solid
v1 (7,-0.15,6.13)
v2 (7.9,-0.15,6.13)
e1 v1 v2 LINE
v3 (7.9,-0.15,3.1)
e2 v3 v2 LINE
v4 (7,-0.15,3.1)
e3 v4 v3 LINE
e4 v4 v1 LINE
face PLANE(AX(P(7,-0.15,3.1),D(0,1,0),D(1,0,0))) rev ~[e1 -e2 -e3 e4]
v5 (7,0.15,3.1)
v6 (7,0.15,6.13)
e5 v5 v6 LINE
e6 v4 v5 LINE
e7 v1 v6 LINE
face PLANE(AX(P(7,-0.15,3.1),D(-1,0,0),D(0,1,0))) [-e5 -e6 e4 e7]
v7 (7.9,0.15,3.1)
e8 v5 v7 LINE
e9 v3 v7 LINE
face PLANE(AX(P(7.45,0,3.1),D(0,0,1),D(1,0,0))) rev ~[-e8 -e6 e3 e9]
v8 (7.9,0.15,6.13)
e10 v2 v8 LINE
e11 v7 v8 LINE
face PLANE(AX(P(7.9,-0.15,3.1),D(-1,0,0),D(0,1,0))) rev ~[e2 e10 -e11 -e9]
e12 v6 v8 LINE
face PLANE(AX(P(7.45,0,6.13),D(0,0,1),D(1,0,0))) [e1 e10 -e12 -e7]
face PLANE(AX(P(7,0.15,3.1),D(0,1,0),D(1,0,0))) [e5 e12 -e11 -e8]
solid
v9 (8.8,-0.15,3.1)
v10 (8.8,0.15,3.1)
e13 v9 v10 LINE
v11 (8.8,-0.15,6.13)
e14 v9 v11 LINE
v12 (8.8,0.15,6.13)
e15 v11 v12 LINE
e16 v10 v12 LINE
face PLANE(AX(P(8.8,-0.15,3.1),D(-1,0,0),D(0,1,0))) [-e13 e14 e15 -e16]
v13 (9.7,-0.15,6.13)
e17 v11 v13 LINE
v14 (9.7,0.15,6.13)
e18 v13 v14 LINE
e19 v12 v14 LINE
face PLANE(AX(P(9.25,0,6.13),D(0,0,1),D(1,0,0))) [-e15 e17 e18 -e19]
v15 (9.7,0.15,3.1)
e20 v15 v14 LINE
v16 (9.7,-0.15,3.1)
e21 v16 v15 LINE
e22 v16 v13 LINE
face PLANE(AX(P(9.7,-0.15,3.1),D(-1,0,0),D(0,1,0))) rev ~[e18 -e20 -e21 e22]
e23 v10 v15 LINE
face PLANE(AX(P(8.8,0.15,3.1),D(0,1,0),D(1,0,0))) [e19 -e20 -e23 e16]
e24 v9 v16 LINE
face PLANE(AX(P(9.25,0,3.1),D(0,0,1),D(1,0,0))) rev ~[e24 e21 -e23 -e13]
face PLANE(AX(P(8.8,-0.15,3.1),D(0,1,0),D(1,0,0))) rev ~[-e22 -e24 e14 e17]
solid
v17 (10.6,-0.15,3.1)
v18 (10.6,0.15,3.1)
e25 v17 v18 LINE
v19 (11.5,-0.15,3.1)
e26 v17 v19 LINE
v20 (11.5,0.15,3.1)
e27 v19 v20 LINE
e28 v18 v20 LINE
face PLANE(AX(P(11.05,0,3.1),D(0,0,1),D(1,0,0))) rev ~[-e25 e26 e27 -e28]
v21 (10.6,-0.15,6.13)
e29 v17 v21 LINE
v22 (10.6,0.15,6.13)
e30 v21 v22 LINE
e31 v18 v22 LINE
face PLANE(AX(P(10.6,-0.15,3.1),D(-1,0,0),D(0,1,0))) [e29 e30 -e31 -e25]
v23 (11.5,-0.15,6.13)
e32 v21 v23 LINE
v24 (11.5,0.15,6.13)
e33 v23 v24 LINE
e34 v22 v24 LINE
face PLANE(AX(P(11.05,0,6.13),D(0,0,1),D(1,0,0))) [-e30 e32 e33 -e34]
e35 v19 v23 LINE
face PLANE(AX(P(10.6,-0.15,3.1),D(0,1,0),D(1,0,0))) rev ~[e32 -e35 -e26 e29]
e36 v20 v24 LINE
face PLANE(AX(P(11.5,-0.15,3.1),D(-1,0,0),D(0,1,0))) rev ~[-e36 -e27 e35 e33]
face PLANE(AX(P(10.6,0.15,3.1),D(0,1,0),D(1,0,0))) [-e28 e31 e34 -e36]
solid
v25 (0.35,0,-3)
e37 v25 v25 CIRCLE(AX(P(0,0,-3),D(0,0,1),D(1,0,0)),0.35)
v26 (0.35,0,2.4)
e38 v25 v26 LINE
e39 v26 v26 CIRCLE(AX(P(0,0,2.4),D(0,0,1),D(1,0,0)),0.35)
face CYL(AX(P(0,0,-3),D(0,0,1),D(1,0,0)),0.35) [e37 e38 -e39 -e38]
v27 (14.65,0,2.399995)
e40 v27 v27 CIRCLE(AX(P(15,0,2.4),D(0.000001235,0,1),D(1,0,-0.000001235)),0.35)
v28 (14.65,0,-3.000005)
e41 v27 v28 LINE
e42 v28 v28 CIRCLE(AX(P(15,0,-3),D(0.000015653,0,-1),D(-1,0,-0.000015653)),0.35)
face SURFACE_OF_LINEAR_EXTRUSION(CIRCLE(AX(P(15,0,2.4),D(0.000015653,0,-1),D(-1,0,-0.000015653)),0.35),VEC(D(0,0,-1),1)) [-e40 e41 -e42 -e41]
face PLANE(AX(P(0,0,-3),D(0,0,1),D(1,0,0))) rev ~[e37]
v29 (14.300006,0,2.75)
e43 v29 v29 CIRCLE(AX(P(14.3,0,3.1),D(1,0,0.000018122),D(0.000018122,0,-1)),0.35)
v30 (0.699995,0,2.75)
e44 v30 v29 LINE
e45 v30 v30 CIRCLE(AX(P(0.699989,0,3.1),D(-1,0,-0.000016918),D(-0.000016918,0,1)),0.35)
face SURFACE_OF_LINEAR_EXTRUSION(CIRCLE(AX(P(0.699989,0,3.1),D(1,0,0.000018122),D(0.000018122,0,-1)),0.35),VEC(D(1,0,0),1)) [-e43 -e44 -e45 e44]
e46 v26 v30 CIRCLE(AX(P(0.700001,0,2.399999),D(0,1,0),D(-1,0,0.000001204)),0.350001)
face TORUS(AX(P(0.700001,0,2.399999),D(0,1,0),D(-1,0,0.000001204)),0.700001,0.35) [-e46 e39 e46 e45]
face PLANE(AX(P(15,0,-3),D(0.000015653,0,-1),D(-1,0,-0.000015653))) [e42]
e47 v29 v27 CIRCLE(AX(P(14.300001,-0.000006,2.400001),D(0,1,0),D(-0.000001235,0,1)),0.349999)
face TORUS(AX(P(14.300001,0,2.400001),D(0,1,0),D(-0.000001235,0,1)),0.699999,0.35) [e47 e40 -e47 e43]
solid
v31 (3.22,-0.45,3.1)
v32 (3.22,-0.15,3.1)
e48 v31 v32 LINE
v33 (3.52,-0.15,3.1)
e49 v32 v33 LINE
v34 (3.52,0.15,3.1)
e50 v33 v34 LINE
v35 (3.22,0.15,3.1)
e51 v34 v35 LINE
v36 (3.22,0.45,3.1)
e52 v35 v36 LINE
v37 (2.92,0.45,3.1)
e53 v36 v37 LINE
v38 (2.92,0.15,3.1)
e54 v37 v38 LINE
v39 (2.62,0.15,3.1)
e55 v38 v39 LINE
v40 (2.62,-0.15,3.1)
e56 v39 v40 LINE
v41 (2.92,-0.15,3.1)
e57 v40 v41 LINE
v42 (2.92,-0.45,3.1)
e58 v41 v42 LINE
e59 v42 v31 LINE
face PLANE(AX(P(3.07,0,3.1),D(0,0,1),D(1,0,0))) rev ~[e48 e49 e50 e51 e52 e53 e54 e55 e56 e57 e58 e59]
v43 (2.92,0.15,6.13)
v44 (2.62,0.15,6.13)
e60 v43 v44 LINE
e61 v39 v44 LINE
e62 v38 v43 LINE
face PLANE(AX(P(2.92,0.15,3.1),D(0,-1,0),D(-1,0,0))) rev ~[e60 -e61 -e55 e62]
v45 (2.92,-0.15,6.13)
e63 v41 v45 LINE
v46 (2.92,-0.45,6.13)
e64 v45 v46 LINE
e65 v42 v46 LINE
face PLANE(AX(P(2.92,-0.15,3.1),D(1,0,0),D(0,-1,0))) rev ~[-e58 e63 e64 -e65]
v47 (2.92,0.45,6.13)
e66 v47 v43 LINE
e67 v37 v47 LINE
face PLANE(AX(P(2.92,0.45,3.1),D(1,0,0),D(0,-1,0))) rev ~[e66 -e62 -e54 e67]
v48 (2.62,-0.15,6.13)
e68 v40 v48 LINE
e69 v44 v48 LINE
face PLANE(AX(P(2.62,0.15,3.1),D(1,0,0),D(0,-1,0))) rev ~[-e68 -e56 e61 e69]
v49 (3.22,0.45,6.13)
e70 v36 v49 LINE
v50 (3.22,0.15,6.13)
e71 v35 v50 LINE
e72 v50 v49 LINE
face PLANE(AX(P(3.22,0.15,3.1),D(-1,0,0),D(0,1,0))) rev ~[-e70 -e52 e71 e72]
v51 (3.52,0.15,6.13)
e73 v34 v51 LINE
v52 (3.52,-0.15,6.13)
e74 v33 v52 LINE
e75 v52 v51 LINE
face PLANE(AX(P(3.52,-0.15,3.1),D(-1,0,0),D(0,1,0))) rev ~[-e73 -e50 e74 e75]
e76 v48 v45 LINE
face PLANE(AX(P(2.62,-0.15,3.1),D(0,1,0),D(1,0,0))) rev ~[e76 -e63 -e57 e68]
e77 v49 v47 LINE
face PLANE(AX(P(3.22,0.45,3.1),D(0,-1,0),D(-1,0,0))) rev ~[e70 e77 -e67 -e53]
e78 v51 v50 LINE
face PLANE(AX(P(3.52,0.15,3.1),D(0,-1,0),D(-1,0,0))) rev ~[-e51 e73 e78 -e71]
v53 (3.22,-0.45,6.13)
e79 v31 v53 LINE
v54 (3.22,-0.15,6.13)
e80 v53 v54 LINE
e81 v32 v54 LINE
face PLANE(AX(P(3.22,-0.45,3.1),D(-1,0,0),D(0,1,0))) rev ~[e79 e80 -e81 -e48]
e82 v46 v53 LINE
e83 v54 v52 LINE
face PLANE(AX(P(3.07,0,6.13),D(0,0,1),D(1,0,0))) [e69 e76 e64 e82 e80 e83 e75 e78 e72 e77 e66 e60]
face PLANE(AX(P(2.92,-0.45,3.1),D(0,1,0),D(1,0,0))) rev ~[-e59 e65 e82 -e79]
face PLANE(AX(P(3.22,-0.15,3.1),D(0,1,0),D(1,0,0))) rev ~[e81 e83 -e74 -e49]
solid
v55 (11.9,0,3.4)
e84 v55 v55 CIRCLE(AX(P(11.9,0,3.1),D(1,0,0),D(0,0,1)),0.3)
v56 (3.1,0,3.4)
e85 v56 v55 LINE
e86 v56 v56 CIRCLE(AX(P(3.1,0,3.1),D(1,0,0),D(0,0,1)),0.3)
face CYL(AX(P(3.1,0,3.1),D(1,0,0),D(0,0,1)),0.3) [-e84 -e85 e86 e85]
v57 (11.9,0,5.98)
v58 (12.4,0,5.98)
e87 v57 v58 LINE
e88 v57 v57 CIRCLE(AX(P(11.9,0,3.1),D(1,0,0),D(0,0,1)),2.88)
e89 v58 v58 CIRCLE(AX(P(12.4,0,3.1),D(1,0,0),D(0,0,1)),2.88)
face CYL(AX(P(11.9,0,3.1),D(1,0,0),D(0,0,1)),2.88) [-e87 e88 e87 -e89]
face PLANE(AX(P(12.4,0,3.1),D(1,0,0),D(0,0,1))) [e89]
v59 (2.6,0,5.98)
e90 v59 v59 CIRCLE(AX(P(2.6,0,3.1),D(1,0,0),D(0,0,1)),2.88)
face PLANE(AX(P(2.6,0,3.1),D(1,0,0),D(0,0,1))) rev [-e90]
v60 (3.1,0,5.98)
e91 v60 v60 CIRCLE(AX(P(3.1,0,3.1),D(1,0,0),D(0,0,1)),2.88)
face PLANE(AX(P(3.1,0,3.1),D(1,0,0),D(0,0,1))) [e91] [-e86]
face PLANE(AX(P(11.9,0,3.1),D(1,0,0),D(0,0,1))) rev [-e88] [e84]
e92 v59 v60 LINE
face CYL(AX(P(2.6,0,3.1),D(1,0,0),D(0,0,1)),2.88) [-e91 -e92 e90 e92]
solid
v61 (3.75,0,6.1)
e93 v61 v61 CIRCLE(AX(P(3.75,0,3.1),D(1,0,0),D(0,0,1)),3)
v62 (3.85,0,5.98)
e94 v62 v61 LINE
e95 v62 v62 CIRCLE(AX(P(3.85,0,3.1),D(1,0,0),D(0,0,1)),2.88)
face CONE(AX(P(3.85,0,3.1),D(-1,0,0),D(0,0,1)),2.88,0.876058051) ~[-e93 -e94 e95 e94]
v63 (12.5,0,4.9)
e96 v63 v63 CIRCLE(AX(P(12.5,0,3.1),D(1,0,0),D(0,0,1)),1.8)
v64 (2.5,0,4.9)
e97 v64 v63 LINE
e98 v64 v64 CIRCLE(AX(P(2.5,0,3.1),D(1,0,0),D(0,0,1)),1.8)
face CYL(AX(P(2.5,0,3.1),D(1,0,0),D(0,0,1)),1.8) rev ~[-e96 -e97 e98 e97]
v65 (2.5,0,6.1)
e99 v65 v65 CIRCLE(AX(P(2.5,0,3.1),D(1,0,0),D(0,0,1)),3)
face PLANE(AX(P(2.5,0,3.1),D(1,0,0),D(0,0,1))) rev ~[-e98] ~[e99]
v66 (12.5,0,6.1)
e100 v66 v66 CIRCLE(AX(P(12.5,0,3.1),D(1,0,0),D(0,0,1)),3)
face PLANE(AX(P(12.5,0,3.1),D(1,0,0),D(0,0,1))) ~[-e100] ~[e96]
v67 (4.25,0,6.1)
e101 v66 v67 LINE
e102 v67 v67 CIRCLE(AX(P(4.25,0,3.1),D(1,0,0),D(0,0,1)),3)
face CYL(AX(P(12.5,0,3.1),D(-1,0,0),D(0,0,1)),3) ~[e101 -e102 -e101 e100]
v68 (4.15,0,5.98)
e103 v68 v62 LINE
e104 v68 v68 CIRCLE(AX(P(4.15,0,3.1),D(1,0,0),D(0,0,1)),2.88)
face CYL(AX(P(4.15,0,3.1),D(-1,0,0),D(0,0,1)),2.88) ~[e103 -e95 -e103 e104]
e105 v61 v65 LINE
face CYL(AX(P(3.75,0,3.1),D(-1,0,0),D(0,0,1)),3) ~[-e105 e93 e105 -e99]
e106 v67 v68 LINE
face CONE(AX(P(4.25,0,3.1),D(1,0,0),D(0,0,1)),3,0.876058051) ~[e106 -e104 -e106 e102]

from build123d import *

# Parameters (mm, degrees)
SKETCH_R    = 0.35
SKETCH004_W = 0.9
SKETCH004_H = 0.3
PAD_DEPTH   = 3.03


with BuildPart() as sweep_body:
    # Sweep: sweep along a path in Sketch001
    with BuildLine(Plane.XZ) as sweep_path:
        Line((0, -3), (0, 2.4))
        ThreePointArc((0, 2.4), (0.205022, 2.894971), (0.699989, 3.1))
        Line((0.699989, 3.1), (14.3, 3.1))
        ThreePointArc((14.3, 3.1), (14.794975, 2.894975), (15, 2.4))
        Line((15, 2.4), (15, -3))
    # Sketch → Sweep (sweep)
    with BuildSketch(Plane.XY.offset(-2)):
        Circle(SKETCH_R)
    sweep(path=sweep_path.line)


with BuildPart() as revolution:
    # Sketch002 → Revolution (revolve)
    with BuildSketch(Plane.XZ):
        Polygon((2.5, 6.1), (2.5, 4.9), (12.5, 4.9), (12.5, 6.1), (4.25, 6.1), (4.15, 5.98), (3.85, 5.98), (3.75, 6.1), align=None)
    revolve(axis=Axis((6.97588, 0, 3.1), (1, 0, 0)))


with BuildPart() as revolution001:
    # Sketch003 → Revolution001 (revolve)
    with BuildSketch(Plane.XZ):
        Polygon((2.6, 5.98), (3.1, 5.98), (3.1, 3.4), (11.9, 3.4), (11.9, 5.98), (12.4, 5.98), (12.4, 3.1), (2.6, 3.1), align=None)
    revolve(axis=Axis((6.97588, 0, 3.1), (1, 0, 0)))


with BuildPart() as pad:
    # Sketch004 → Pad (new body)
    with BuildSketch(Plane.XY.offset(3.1)):
        with Locations((11.05, 0)):
            Rectangle(SKETCH004_W, SKETCH004_H)
        with Locations((9.25, 0)):
            Rectangle(SKETCH004_W, SKETCH004_H)
        with Locations((7.45, 0)):
            Rectangle(SKETCH004_W, SKETCH004_H)
        Polygon((2.92, 0.15), (2.62, 0.15), (2.62, -0.15), (2.92, -0.15), (2.92, -0.45), (3.22, -0.45), (3.22, -0.15), (3.52, -0.15), (3.52, 0.15), (3.22, 0.15), (3.22, 0.45), (2.92, 0.45), align=None)
    extrude(amount=PAD_DEPTH)


solid = Compound([sweep_body.part, revolution.part, revolution001.part, pad.part])
